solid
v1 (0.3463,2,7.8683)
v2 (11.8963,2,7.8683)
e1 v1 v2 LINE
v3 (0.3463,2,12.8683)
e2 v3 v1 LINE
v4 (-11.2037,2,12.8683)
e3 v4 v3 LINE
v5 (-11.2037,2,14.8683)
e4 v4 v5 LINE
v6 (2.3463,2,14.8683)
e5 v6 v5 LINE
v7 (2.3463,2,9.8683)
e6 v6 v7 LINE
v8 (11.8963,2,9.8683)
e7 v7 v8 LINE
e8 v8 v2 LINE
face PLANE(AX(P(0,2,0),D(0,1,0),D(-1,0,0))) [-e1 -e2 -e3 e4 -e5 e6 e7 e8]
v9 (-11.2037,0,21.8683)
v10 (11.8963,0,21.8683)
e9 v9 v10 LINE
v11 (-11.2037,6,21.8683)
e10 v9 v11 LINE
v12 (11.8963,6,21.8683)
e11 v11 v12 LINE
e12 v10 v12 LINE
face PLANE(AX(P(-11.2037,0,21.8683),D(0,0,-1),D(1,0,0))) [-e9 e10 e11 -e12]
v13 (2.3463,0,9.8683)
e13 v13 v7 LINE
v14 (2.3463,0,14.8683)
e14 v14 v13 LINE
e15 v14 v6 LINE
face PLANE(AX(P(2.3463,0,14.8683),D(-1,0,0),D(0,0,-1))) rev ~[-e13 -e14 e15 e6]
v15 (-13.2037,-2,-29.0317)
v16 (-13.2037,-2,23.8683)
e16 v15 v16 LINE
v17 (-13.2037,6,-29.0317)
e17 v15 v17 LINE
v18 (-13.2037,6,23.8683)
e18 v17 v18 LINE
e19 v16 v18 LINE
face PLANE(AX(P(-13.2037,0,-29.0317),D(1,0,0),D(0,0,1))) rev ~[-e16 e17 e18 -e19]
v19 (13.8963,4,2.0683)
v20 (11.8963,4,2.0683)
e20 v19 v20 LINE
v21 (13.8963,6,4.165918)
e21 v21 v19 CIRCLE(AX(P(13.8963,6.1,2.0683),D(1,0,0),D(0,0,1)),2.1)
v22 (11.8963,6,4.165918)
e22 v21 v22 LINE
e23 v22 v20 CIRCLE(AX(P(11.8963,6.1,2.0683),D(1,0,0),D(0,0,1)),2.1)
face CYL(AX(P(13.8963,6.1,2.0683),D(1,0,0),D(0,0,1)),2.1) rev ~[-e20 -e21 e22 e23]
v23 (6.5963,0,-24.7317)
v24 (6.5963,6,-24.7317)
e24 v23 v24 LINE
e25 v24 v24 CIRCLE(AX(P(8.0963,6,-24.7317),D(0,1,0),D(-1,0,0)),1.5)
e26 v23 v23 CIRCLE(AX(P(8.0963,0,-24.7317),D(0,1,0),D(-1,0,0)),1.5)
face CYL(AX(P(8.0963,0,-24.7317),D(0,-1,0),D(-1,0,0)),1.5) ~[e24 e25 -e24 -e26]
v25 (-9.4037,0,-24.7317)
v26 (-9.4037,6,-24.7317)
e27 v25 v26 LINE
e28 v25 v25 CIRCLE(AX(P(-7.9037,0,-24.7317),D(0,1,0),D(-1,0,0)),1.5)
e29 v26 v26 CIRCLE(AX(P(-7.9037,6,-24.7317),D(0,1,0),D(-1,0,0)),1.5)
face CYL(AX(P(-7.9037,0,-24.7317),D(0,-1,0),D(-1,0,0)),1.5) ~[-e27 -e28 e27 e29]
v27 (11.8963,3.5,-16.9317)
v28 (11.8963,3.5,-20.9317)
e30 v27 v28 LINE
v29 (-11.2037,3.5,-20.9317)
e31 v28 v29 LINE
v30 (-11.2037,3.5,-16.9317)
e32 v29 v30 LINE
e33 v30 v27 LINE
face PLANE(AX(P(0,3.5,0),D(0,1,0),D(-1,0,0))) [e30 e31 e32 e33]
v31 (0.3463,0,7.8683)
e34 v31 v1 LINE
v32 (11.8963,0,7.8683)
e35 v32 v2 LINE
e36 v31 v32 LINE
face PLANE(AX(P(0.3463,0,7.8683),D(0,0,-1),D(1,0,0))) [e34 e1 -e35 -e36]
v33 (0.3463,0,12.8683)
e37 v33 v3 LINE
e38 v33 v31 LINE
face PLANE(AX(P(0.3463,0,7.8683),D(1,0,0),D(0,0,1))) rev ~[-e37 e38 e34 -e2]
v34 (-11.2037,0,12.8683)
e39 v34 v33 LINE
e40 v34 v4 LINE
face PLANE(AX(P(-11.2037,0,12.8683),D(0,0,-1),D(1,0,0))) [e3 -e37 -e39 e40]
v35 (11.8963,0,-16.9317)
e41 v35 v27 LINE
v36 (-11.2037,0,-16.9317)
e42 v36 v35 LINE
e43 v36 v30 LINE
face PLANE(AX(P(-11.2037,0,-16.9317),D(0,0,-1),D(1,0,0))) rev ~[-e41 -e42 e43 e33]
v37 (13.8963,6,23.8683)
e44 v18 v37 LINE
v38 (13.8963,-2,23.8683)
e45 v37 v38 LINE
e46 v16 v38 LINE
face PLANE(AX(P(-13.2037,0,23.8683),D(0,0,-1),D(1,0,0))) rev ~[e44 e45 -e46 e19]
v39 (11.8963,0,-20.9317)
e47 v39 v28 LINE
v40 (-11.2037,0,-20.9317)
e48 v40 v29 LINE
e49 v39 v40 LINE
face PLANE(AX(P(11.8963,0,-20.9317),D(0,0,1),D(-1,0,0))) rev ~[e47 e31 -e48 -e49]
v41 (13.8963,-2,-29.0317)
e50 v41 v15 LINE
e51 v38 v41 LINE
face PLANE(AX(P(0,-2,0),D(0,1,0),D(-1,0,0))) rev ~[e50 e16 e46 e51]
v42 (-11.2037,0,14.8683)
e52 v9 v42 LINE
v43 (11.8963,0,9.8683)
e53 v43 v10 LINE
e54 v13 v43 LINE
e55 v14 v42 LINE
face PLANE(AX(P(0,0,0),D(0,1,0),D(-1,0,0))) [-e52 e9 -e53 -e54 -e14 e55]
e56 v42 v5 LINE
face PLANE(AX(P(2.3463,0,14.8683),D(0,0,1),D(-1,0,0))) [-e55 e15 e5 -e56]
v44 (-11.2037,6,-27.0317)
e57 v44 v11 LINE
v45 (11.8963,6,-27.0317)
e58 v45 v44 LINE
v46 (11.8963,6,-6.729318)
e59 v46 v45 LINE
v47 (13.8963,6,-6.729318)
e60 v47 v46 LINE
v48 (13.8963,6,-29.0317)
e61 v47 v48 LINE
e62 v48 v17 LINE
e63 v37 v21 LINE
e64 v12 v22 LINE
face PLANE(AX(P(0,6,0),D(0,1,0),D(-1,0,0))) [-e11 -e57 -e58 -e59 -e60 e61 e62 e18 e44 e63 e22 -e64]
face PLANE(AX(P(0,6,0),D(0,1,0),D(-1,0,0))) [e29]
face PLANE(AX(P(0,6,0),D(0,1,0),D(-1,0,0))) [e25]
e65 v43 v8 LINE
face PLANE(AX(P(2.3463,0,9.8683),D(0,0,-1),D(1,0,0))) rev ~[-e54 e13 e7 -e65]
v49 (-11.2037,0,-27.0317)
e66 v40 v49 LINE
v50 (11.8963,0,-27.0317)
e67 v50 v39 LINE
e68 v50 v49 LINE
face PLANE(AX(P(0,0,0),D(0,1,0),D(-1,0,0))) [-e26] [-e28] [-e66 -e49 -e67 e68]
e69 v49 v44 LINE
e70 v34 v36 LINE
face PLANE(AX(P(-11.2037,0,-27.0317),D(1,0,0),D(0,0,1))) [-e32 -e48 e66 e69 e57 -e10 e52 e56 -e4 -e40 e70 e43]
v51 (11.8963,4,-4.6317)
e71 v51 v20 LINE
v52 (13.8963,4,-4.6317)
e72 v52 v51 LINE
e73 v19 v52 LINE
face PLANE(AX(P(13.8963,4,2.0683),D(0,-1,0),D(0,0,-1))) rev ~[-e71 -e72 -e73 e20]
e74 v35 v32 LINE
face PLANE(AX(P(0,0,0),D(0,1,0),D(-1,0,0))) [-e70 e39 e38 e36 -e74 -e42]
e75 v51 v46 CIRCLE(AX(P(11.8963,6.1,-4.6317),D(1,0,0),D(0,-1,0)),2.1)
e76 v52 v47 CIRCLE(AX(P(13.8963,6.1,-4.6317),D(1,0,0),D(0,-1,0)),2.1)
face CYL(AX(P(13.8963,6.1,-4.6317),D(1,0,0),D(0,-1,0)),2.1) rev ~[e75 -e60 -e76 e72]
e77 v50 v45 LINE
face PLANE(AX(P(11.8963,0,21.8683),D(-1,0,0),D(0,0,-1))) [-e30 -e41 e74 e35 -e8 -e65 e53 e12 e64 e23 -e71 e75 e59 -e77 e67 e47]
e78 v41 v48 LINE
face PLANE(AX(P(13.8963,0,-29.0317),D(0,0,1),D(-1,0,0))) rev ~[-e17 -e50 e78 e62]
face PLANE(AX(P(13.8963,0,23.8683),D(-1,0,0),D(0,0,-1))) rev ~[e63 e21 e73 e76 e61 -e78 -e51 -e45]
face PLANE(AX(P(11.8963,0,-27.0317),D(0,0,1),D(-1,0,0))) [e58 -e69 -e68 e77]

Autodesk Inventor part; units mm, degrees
ref_plane "YZ Plane" through (0, 0, 0) normal (1, 0, 0) x (0, 1, 0)
ref_plane "XZ Plane" through (0, 0, 0) normal (0, 1, 0) x (-1, 0, 0)
ref_plane "XY Plane" through (0, 0, 0) normal (0, 0, 1) x (1, 0, 0)
sketch "Sketch1" plane through (0, 0, 0) normal (0, 1, 0) x (-1, 0, 0)
  circle A0 centre (-8.0963, -24.7317) radius 1.5
  circle A1 centre (7.9037, -24.7317) radius 1.5
  line L0 (-11.8963, -27.0317) -> (11.2037, -27.0317)
  line L1 (11.2037, 21.8683) -> (-11.8963, 21.8683)
  line L2 (-0.3463, 7.8683) -> (-0.3463, 9.8683)
  line L3 (-2.3463, 9.8683) -> (-11.8963, 9.8683)
  line L4 (-13.8963, -29.0317) -> (13.2037, -29.0317)
  line L5 (13.2037, -29.0317) -> (13.2037, 23.8683)
  line L6 (13.2037, 23.8683) -> (-13.8963, 23.8683)
  line L7 (-13.8963, 23.8683) -> (-13.8963, -29.0317)
  line L8 (-0.3463, 7.8683) -> (-11.8963, 7.8683)
  line L9 (-11.8963, 21.8683) -> (-11.8963, 7.8683)
  line L10 (11.2037, 12.8683) -> (-0.3463, 12.8683)
  line L11 (-0.3463, 9.8683) -> (-0.3463, 12.8683)
  line L12 (-2.3463, 14.8683) -> (-2.3463, 9.8683)
  line L13 (-2.3463, 14.8683) -> (11.2037, 14.8683)
  line L14 (11.2037, -16.9317) -> (-11.8963, -16.9317)
  line L15 (-11.8963, -20.9317) -> (11.2037, -20.9317)
  line L16 (-11.8963, 7.8683) -> (-11.8963, -20.9317)
  line L17 (-11.8963, -20.9317) -> (-11.8963, -27.0317)
  line L18 (11.2037, -27.0317) -> (11.2037, 21.8683)
  point P0 (0, 0)
  point P1 (-15.2463, -4.6317)
  dimension "d0" = 2
  dimension "d12" = 6.1
extrude "Extrusion1" add sketch "Sketch1" against normal blind 2 contours A0 | A1 | L17 L15 L18 L0 | L16 L14 L18 L15 | L16 L8 L2 L11 L10 L18 L14 | L9 L3 L12 L13 L18 L10 L11 L2 L8 | L9 L1 L18 L13 L12 L3 | L7 L6 L5 L4
extrude "Extrusion2" add sketch "Sketch1" along normal blind 6
extrude "Extrusion3" add sketch "Sketch1" along normal blind 2 contours L9 L3 L12 L13 L18 L10 L11 L2 L8
extrude "Extrusion4" add sketch "Sketch1" along normal blind 3.5 contours L16 L14 L18 L15
sketch "Sketch3" plane through (13.8963, -2, 23.8683) normal (1, 0, 0) x (0, 0, -1)
  arc A0 (30.6, 9.1) -> (28.5, 11.2) centre (28.5, 9.1) ccw
  arc A1 (21.8, 11.2) -> (19.7, 9.1) centre (21.8, 9.1) ccw
  line L0 (20.7, 8.1) -> (20.7, 9.1)
  line L1 (20.7, 8.1) -> (20.7, 9.1)
  line L2 (20.7, 9.1) -> (20.7, 8.1)
  arc A2 (21.8, 10.2) -> (20.7, 9.1) centre (21.8, 9.1) ccw
  line L3 (0, 0) -> (0, 8)
  line L4 (29.6, 9.1) -> (29.6, 8.1)
  line L5 (29.6, 8.1) -> (29.6, 9.1)
  line L6 (28.5, 10.2) -> (21.8, 10.2)
  arc A3 (29.6, 9.1) -> (28.5, 10.2) centre (28.5, 9.1) ccw
  line L7 (30.6, 8.1) -> (30.6, 9.1)
  line L8 (29.6, 8.1) -> (29.6, 9.1)
  arc A4 (28.5, 6) -> (30.6, 8.1) centre (28.5, 8.1) ccw
  line L9 (28.5, 11.2) -> (21.8, 11.2)
  line L10 (21.8, 10.2) -> (28.5, 10.2)
  line L11 (28.5, 10.2) -> (21.8, 10.2)
  line L12 (21.8, 7) -> (28.5, 7)
  line L13 (28.5, 7) -> (21.8, 7)
  line L14 (21.8, 6) -> (28.5, 6)
  line L15 (19.7, 9.1) -> (19.7, 8.1)
  arc A5 (20.7, 8.1) -> (21.8, 7) centre (21.8, 8.1) ccw
  arc A6 (19.7, 8.1) -> (21.8, 6) centre (21.8, 8.1) ccw
  line L16 (52.9, 8) -> (52.9, 0)
  line L17 (0, 8) -> (52.9, 8)
  line L18 (52.9, 0) -> (0, 0)
  arc A7 (28.5, 7) -> (29.6, 8.1) centre (28.5, 8.1) ccw
  point P0 (23.8683, 2)
  point P1 (29.0317, 2)
  point P2 (20.7, 10.2)
  point P3 (29.6, 7)
  point P4 (30.5976, 8)
  point P5 (19.7024, 8)
  dimension "d21" = 1.1
  dimension "d22" = 1
extrude "Extrusion6" cut sketch "Sketch3" against normal blind 6 contours A4 L14 A6 L17 A5 L12 A7 | A7 L12 A5 L17
properties part number "base"
